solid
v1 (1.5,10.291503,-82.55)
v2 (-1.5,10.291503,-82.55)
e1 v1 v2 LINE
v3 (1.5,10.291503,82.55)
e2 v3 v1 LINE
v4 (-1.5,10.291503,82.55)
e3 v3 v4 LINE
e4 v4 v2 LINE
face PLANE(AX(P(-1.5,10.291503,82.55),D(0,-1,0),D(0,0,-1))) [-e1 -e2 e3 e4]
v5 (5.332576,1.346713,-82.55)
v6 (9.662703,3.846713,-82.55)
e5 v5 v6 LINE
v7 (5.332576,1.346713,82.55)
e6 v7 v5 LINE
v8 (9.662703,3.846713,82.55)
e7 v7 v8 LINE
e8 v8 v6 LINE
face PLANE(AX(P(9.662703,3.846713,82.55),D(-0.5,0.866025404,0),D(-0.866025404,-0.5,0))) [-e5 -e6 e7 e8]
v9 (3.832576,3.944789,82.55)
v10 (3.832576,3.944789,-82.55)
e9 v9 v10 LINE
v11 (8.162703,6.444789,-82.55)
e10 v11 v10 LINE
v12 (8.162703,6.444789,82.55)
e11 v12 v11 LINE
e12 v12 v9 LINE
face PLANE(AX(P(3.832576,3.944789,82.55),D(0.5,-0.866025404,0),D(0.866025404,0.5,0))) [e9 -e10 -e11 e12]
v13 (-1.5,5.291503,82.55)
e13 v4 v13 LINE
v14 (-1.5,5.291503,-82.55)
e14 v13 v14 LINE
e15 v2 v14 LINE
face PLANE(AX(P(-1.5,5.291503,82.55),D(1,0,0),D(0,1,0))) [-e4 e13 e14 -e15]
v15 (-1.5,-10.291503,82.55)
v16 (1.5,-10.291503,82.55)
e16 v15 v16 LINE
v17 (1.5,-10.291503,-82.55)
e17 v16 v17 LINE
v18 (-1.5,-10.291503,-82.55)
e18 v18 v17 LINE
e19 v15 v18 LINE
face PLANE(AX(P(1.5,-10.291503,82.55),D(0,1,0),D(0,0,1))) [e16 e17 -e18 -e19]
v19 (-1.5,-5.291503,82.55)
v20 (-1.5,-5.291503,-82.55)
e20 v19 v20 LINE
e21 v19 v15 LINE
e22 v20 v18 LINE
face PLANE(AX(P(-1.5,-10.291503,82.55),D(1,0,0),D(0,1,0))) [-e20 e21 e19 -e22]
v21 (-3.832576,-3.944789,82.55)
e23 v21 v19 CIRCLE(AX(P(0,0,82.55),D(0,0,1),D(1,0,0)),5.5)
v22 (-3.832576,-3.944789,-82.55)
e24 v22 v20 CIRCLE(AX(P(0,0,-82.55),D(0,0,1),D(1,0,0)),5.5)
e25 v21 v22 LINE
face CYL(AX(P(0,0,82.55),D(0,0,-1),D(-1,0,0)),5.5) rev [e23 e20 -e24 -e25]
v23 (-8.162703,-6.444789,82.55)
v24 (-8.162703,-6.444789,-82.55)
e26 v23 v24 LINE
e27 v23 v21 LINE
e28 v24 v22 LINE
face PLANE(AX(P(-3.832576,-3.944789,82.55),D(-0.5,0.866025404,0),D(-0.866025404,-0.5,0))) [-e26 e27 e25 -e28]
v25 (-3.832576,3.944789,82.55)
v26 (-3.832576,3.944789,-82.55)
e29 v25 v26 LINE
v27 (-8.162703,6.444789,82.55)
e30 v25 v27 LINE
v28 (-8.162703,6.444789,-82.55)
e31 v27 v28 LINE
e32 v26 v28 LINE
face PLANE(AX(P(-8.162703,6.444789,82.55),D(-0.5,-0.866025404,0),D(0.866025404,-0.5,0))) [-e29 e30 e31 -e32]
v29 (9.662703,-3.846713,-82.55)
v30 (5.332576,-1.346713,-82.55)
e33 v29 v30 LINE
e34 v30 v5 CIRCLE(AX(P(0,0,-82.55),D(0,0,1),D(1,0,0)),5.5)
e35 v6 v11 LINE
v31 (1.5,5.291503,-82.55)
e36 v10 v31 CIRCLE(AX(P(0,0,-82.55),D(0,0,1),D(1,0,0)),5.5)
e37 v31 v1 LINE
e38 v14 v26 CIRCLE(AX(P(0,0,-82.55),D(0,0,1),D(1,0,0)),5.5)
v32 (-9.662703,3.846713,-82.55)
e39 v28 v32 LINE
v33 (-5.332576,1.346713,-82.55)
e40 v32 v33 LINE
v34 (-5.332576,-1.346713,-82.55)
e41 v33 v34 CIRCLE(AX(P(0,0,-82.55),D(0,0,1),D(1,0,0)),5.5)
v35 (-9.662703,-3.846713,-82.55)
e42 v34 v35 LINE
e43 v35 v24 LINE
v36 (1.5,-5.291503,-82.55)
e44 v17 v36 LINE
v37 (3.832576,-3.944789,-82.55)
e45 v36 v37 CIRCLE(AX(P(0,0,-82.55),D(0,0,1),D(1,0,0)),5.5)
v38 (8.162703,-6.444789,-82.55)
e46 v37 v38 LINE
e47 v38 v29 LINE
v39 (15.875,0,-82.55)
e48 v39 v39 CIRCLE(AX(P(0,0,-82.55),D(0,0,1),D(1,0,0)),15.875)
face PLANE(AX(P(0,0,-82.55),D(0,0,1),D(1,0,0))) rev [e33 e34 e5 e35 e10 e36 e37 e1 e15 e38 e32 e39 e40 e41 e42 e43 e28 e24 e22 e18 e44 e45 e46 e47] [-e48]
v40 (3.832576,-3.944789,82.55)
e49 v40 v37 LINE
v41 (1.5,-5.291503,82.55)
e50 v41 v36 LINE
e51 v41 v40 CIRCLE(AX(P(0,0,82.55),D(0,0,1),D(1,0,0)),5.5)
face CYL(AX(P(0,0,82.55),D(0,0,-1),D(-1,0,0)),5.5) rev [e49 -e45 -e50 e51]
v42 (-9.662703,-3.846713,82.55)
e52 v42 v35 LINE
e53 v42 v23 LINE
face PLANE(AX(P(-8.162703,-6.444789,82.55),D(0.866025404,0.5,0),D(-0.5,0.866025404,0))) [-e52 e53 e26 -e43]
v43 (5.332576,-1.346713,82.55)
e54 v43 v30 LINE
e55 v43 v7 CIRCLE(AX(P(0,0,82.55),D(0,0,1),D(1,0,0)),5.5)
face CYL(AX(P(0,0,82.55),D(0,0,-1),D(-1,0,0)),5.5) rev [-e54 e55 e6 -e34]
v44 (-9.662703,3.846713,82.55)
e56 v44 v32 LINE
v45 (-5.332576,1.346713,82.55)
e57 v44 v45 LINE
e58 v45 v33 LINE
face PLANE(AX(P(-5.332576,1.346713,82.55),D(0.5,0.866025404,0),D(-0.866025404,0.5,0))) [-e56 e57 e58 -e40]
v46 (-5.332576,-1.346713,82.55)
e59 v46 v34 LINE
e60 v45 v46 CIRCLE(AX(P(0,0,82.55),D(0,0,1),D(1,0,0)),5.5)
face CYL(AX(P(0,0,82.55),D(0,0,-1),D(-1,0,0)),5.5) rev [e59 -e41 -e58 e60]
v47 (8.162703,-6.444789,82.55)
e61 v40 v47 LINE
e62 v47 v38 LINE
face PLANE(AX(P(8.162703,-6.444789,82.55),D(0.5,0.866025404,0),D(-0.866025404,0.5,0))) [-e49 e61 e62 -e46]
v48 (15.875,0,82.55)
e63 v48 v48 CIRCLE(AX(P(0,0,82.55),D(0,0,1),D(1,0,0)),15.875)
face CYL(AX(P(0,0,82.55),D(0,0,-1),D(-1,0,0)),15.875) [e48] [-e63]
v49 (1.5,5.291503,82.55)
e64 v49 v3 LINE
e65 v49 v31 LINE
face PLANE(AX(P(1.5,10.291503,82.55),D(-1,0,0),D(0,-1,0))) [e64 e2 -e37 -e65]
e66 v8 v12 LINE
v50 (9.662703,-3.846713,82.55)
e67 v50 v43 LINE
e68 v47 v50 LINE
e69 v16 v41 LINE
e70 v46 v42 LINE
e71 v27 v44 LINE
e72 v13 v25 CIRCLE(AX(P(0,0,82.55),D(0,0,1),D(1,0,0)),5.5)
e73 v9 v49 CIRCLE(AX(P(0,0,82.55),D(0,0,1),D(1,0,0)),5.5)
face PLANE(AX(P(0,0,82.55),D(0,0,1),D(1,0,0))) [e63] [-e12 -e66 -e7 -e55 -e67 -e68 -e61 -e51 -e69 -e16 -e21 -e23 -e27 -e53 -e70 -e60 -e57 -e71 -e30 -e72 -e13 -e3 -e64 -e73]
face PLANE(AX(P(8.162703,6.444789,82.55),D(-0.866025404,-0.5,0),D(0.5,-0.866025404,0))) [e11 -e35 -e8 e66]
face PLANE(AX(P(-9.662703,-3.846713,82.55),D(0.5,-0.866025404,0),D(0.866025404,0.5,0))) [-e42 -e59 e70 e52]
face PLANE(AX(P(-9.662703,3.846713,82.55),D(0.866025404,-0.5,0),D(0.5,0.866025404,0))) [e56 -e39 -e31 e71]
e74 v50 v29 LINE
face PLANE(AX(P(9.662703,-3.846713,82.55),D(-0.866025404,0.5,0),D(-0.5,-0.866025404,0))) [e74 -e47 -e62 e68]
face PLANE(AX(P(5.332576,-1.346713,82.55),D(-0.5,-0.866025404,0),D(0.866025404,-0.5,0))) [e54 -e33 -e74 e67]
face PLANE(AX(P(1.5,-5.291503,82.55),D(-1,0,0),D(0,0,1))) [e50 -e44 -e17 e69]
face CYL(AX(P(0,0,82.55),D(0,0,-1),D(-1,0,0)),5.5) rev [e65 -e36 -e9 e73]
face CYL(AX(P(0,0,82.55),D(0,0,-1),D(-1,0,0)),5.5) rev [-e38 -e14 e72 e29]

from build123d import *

# Parameters (mm, degrees)
SKETCH1_R           = 15.875
BOSS_EXTRUDE1_DEPTH = 82.55


with BuildPart() as part:
    # Sketch1 → Boss-Extrude1 (new, symmetric)
    with BuildSketch(Plane.XY):
        Circle(SKETCH1_R)
        with BuildLine():
            Line((-1.5, 5.291502622), (-1.5, 10.291502622))
            Line((-1.5, 10.291502622), (1.5, 10.291502622))
            Line((1.5, 10.291502622), (1.5, 5.291502622))
            ThreePointArc((1.5, 5.291502622), (2.75, 4.763139721), (3.832575695, 3.944789417))
            Line((3.832575695, 3.944789417), (8.162702714, 6.444789417))
            Line((8.162702714, 6.444789417), (9.662702714, 3.846713205))
            Line((9.662702714, 3.846713205), (5.332575695, 1.346713205))
            ThreePointArc((5.332575695, 1.346713205), (5.5, 0), (5.332575695, -1.346713205))
            Line((5.332575695, -1.346713205), (9.662702714, -3.846713205))
            Line((9.662702714, -3.846713205), (8.162702714, -6.444789417))
            Line((8.162702714, -6.444789417), (3.832575695, -3.944789417))
            ThreePointArc((3.832575695, -3.944789417), (2.75, -4.763139721), (1.5, -5.291502622))
            Line((1.5, -5.291502622), (1.5, -10.291502622))
            Line((1.5, -10.291502622), (-1.5, -10.291502622))
            Line((-1.5, -10.291502622), (-1.5, -5.291502622))
            ThreePointArc((-1.5, -5.291502622), (-2.75, -4.763139721), (-3.832575695, -3.944789417))
            Line((-3.832575695, -3.944789417), (-8.162702714, -6.444789417))
            Line((-8.162702714, -6.444789417), (-9.662702714, -3.846713205))
            Line((-9.662702714, -3.846713205), (-5.332575695, -1.346713205))
            ThreePointArc((-5.332575695, -1.346713205), (-5.5, 0), (-5.332575695, 1.346713205))
            Line((-5.332575695, 1.346713205), (-9.662702714, 3.846713205))
            Line((-9.662702714, 3.846713205), (-8.162702714, 6.444789417))
            Line((-8.162702714, 6.444789417), (-3.832575695, 3.944789417))
            ThreePointArc((-3.832575695, 3.944789417), (-2.75, 4.763139721), (-1.5, 5.291502622))
        make_face(mode=Mode.SUBTRACT)
    extrude(amount=BOSS_EXTRUDE1_DEPTH, both=True)


solid = part.part
